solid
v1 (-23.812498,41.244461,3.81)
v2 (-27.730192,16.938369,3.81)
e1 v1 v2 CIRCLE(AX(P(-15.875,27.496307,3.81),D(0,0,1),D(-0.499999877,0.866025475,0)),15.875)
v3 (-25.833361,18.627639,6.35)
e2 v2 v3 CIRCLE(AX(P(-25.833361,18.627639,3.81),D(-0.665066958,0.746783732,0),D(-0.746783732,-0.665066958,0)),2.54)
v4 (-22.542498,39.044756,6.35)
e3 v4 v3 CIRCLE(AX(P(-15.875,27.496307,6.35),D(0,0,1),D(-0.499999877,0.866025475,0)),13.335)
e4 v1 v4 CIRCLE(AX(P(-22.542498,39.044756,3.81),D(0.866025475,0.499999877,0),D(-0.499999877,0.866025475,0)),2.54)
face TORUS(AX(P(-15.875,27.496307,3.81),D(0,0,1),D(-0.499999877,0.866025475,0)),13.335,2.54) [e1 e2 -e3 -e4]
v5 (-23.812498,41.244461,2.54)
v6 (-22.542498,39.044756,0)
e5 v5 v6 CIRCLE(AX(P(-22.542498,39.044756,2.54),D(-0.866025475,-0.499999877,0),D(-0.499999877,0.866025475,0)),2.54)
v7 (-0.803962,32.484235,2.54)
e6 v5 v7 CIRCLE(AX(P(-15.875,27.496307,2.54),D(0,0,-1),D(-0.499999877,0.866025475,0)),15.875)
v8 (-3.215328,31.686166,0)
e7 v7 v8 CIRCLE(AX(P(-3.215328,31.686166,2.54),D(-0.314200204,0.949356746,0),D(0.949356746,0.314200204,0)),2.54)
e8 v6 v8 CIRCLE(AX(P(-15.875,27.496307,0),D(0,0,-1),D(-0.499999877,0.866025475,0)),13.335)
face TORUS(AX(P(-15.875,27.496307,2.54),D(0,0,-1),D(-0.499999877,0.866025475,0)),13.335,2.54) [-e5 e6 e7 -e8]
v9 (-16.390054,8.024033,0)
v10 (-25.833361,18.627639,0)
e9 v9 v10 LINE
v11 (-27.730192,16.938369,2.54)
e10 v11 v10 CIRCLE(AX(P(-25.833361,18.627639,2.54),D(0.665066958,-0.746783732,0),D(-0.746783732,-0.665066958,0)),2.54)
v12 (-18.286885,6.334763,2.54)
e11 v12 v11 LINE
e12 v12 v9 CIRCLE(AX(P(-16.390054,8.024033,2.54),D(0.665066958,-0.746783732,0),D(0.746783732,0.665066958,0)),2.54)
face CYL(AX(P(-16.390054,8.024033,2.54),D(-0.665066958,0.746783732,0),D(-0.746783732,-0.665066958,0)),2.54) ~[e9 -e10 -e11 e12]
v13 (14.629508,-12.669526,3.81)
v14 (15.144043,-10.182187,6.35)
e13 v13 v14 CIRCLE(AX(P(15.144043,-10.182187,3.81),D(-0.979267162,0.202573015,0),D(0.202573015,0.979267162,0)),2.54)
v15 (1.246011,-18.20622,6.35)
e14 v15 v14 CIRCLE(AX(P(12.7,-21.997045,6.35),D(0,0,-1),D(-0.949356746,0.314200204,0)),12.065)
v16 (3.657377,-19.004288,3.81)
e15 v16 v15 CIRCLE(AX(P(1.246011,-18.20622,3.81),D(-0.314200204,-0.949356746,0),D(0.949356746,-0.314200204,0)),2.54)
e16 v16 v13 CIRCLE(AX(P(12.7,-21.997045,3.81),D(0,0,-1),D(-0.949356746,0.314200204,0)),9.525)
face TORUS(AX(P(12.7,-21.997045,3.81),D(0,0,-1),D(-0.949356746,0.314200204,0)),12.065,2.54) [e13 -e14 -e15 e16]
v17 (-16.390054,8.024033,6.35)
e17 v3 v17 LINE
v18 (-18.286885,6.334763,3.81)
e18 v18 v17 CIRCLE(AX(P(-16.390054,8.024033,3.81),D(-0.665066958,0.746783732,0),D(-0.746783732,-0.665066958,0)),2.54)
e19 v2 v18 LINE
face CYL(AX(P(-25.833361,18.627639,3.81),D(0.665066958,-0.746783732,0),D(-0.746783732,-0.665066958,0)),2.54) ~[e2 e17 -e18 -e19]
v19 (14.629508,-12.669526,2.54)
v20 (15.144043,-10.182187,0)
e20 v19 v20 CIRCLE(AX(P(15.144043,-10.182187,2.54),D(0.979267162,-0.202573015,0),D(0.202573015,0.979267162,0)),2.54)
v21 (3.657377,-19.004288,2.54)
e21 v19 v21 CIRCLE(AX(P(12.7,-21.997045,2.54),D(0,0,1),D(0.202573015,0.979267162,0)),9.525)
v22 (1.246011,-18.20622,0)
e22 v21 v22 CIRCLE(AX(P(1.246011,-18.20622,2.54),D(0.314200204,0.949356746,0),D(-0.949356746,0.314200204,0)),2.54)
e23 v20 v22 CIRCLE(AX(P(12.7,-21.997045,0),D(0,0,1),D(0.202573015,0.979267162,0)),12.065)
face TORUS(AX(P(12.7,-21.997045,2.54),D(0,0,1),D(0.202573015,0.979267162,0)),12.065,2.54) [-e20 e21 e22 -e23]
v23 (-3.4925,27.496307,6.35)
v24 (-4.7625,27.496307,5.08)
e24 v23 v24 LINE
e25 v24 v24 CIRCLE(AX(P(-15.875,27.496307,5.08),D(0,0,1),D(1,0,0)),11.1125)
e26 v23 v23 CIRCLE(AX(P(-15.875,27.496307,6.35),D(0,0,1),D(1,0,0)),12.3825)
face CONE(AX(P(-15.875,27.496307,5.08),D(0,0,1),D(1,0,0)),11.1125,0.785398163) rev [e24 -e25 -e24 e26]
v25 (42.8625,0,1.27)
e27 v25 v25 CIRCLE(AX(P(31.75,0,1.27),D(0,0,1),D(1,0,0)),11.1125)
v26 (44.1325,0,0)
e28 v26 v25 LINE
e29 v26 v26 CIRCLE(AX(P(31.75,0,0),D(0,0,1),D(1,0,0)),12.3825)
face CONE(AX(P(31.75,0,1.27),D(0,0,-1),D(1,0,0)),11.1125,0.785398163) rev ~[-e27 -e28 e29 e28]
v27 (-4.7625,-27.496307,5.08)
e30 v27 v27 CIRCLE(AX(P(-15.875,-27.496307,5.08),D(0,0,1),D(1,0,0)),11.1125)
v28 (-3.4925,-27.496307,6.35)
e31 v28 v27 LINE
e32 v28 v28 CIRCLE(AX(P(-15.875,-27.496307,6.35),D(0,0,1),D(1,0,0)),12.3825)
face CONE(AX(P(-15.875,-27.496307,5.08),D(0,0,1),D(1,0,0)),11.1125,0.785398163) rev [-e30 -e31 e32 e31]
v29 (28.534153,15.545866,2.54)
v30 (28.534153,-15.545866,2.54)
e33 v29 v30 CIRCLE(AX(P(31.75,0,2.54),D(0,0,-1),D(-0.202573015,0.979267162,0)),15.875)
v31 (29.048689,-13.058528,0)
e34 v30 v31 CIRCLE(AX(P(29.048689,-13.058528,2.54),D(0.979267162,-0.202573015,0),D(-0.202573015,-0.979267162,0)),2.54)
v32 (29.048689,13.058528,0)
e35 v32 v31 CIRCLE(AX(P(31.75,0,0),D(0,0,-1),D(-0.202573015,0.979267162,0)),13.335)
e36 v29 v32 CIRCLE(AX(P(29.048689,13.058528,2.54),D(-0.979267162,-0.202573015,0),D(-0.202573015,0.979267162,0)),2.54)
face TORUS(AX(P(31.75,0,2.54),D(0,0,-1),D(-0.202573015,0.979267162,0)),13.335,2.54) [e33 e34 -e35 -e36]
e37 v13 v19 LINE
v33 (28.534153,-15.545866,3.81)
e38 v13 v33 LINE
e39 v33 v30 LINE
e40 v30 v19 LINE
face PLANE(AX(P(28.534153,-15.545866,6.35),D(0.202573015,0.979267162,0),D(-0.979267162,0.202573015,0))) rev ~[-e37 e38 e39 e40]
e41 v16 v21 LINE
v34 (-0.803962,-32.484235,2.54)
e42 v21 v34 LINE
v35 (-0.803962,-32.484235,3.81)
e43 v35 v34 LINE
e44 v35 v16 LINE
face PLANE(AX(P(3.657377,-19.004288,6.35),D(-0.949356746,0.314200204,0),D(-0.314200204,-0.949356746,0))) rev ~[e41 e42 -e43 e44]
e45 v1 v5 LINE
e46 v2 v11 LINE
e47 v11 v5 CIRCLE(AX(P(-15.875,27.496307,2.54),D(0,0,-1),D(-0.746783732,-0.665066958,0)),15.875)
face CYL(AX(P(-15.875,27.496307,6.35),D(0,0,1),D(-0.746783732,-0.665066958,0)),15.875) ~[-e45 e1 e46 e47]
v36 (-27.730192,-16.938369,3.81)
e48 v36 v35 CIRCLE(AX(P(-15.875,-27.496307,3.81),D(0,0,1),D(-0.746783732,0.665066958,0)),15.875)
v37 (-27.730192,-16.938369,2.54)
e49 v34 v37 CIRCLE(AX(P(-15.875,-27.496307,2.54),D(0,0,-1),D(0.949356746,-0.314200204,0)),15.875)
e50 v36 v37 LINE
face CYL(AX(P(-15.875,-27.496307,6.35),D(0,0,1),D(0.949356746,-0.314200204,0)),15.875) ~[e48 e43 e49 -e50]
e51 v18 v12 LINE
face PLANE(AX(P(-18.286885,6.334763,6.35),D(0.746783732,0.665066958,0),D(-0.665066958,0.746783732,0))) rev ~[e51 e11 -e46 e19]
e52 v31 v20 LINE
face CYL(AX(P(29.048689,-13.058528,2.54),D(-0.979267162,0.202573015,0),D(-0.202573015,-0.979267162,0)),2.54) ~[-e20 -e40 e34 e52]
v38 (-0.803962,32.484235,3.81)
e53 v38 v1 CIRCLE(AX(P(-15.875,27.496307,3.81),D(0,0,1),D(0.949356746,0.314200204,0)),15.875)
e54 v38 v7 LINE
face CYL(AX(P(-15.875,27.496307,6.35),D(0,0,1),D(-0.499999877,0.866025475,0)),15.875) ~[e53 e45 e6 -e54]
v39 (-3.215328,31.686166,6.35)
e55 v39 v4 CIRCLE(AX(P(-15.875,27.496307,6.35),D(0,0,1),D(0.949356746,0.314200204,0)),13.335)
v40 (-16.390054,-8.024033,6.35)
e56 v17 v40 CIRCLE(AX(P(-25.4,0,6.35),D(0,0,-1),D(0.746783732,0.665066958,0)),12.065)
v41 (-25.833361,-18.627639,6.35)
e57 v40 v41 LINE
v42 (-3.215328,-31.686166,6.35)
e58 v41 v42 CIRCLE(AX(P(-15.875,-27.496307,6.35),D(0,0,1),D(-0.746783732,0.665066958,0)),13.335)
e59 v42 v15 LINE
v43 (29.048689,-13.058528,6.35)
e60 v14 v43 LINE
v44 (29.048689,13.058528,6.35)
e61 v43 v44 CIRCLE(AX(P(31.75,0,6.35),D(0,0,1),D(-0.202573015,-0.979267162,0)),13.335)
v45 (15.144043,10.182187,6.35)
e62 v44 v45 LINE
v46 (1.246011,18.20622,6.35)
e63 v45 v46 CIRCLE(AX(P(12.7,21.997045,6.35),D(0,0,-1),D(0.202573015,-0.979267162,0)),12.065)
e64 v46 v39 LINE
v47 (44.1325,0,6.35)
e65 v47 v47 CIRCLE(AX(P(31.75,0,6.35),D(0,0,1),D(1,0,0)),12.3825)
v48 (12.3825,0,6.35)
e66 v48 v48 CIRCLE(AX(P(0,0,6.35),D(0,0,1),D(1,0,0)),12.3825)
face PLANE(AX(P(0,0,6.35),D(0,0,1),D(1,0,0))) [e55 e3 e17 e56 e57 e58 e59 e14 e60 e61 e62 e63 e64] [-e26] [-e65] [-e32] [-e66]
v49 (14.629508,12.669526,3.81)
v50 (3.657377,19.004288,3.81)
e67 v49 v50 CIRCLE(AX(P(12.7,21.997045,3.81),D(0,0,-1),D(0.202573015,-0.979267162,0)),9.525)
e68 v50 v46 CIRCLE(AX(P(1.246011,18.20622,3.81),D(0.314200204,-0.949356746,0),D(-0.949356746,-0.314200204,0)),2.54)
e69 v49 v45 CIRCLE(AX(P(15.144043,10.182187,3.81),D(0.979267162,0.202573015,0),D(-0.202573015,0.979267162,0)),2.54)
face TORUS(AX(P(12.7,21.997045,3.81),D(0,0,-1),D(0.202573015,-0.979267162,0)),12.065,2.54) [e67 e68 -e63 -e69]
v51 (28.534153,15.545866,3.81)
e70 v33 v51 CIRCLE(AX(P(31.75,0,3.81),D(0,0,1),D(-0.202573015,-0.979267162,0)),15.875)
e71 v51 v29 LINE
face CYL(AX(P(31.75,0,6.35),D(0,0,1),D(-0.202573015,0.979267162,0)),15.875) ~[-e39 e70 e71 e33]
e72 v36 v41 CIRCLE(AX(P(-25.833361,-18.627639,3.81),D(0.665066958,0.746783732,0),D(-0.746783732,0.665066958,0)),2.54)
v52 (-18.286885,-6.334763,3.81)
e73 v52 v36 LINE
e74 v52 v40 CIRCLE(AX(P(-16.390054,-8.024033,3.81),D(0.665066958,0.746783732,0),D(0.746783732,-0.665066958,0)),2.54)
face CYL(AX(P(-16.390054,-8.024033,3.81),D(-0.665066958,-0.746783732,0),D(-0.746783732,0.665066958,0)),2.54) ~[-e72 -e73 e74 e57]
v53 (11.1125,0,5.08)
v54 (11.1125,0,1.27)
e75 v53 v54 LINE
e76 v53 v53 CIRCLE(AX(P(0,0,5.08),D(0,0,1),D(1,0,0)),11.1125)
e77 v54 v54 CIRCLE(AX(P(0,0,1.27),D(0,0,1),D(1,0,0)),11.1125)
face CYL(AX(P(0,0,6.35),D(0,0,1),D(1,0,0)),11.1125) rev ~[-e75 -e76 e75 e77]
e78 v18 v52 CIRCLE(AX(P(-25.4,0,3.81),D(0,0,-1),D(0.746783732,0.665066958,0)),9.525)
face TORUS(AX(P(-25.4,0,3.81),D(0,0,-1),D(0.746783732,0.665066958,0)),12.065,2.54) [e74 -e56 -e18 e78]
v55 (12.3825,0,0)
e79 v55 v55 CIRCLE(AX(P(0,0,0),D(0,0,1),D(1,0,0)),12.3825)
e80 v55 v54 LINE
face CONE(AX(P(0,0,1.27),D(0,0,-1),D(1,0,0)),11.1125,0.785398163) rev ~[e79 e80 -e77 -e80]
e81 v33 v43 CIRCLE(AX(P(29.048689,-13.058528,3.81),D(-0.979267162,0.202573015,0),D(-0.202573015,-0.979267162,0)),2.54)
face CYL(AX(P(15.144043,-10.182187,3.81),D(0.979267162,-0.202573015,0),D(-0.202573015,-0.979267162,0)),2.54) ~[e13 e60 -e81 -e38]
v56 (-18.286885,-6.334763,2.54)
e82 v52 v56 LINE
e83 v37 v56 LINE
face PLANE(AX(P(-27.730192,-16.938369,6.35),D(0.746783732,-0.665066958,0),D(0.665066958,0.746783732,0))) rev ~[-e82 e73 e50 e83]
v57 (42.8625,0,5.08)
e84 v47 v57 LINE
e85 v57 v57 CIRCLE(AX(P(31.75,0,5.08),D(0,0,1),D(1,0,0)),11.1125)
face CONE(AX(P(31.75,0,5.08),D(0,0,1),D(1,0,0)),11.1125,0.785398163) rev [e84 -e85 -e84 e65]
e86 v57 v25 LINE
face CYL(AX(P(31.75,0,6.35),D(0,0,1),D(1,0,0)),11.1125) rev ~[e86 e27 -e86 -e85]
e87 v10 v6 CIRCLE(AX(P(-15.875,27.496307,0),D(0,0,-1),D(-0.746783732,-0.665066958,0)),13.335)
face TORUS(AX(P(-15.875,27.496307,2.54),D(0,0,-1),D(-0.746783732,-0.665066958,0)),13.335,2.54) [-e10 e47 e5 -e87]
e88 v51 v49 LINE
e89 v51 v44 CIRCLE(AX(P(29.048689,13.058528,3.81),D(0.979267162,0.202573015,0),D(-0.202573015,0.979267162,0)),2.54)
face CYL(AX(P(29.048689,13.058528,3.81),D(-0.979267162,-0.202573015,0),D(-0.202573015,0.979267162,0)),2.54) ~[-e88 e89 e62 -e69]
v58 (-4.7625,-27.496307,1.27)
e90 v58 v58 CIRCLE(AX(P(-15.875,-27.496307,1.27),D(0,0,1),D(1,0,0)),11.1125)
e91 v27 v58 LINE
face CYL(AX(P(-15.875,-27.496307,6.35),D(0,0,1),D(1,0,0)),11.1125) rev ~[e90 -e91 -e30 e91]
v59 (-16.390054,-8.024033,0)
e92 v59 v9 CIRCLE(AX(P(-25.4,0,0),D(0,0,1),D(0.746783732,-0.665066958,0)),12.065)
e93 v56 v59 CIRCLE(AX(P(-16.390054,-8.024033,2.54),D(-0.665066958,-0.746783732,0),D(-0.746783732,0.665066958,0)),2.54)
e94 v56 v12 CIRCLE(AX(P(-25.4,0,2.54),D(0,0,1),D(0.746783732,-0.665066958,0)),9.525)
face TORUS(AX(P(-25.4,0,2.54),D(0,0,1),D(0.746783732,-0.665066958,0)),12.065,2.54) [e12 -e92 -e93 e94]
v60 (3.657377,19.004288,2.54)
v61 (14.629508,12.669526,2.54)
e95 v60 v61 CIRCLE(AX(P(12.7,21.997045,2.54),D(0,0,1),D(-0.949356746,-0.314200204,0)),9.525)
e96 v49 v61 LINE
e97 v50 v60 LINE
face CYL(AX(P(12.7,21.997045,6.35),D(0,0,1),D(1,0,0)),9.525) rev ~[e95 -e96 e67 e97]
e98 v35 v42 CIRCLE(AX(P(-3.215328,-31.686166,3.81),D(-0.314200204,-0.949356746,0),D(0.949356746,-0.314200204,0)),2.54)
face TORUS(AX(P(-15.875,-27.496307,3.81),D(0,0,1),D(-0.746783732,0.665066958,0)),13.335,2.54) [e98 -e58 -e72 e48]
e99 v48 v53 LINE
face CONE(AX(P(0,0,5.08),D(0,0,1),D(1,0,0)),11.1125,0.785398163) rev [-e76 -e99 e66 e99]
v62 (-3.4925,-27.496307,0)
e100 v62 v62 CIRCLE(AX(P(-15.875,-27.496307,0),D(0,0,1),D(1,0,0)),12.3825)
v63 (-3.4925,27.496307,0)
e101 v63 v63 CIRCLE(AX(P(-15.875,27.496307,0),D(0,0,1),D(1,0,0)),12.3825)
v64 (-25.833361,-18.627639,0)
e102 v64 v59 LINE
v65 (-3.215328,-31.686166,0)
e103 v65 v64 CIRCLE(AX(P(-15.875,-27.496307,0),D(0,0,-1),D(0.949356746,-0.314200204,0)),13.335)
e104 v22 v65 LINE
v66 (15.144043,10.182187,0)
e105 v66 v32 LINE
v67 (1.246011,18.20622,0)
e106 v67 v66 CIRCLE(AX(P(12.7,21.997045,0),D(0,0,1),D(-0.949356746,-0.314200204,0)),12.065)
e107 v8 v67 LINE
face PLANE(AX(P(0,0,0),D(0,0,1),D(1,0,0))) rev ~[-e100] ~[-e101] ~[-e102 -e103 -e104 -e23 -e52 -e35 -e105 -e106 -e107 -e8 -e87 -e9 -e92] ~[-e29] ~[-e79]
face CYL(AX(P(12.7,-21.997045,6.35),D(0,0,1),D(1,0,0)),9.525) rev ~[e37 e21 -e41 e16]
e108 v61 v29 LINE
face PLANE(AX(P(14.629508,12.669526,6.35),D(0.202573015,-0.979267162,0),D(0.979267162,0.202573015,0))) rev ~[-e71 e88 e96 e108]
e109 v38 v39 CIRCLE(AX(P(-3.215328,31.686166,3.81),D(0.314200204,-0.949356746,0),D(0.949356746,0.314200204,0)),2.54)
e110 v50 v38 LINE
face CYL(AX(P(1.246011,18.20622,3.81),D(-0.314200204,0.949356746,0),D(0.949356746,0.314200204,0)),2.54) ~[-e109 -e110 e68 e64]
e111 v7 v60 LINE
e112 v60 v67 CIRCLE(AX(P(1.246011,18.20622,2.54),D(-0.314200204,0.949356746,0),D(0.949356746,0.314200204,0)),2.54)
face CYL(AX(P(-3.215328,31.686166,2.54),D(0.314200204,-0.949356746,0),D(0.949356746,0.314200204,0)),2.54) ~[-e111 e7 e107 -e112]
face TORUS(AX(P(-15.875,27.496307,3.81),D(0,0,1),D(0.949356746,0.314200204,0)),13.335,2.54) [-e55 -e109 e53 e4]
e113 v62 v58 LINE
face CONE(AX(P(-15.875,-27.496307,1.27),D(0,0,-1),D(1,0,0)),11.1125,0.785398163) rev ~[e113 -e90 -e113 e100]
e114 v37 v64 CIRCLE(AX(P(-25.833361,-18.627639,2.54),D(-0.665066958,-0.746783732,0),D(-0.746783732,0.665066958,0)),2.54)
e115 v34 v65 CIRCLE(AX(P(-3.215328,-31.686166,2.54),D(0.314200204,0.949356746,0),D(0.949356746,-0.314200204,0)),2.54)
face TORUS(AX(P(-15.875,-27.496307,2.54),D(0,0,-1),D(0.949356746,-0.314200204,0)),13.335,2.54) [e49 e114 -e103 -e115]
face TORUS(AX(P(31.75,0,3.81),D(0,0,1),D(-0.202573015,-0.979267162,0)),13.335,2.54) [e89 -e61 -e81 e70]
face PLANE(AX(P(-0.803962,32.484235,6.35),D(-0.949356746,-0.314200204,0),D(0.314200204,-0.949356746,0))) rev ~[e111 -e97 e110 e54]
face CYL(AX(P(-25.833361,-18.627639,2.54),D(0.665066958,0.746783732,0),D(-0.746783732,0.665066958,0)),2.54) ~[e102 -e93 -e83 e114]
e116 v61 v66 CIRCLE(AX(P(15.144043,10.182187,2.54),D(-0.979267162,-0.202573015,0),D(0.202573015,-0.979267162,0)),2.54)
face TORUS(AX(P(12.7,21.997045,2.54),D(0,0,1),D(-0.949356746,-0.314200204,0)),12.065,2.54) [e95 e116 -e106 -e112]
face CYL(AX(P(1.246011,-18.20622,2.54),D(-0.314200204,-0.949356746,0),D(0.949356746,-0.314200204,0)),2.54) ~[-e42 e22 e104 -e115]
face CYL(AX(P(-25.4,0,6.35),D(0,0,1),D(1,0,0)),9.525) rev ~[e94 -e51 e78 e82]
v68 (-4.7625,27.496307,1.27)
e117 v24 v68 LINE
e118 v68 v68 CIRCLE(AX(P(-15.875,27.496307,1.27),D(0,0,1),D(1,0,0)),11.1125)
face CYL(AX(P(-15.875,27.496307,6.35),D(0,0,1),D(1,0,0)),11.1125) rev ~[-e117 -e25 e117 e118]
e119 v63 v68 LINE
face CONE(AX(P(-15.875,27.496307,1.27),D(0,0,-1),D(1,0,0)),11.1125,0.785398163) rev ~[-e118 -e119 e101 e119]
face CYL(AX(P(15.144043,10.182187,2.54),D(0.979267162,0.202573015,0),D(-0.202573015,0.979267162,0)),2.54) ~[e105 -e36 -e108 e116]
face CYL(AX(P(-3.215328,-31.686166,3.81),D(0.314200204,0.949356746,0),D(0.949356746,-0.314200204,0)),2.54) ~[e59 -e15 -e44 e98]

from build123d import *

# Parameters (mm, degrees)
F0_R     = 47.625
F1_DEPTH = 6.35
F2_R     = 11.1125
F3_DEPTH = 6.351
F4_R     = 9.525
F5_DEPTH = 6.351
F6_R     = 56.6626393047
F7_DEPTH = 6.351
F8_R     = 2.54
F9_SIZE  = 1.27


with BuildPart() as f1:
    # F0 (on Top) → F1 (new body)
    with BuildSketch(Plane.XY):
        Circle(F0_R)
    extrude(amount=F1_DEPTH)

    # F2 (on face) → F3 (cut, through all)
    with BuildSketch(Plane.XY.offset(6.35)):
        with Locations((-15.875, -27.4963065702)):
            Circle(F2_R)
        Circle(F2_R)
        with Locations((31.75, 0)):
            Circle(F2_R)
        with Locations((-15.875, 27.4963065702)):
            Circle(F2_R)
    extrude(amount=-F3_DEPTH, mode=Mode.SUBTRACT)

    # F4 (on face) → F5 (cut, through all)
    with BuildSketch(Plane.XY.offset(6.35)):
        with Locations((12.7, 21.9970452561)):
            Circle(F4_R)
        with Locations((-25.4, 0)):
            Circle(F4_R)
        with Locations((12.7, -21.9970452561)):
            Circle(F4_R)
    extrude(amount=-F5_DEPTH, mode=Mode.SUBTRACT)

    # F6 (on face) → F7 (cut, through all)
    with BuildSketch(Plane.XY.offset(6.35)):
        Circle(F6_R)
        with BuildLine():
            ThreePointArc((-23.8124980446, 41.2444609842), (23.8125009777, 41.2444592907), (47.625, 0))
            ThreePointArc((47.625, 0), (23.8125012223, -41.2444591495), (-23.8124975554, -41.2444612666))
            ThreePointArc((-23.8124975554, -41.2444612666), (-47.625, -2.824e-07), (-23.8124980446, 41.2444609842))
        make_face(mode=Mode.SUBTRACT)
        with BuildLine():
            ThreePointArc((-27.7301917406, 16.9383686184), (-31.5477206878, 30.0224600182), (-23.8124980446, 41.2444609842))
            ThreePointArc((-23.8124980446, 41.2444609842), (-47.625, -2.824e-07), (-23.8124975554, -41.2444612666))
            ThreePointArc((-23.8124975554, -41.2444612666), (-31.5477206428, -30.022460297), (-27.7301917406, -16.9383686184))
            Line((-27.7301917406, -16.9383686184), (-18.2868849556, -6.3347627711))
            ThreePointArc((-18.2868849556, -6.3347627711), (-34.925, 0), (-18.2868849556, 6.3347627711))
            Line((-18.2868849556, 6.3347627711), (-27.7301917406, 16.9383686184))
        make_face()
        with BuildLine():
            ThreePointArc((47.625, 0), (41.7740725283, -12.3098982509), (28.5341533925, -15.54586619))
            Line((28.5341533925, -15.54586619), (14.6295079645, -12.6695255421))
            ThreePointArc((14.6295079645, -12.6695255421), (20.0859389505, -15.9826017391), (22.225, -21.9970452561))
            ThreePointArc((22.225, -21.9970452561), (11.1843085999, -31.4006777766), (3.6573769911, -19.0042883132))
            Line((3.6573769911, -19.0042883132), (-0.8039616519, -32.4842348084))
            ThreePointArc((-0.8039616519, -32.4842348084), (-10.2263503419, -42.3323566523), (-23.8124975554, -41.2444612666))
            ThreePointArc((-23.8124975554, -41.2444612666), (23.8125012223, -41.2444591495), (47.625, 0))
        make_face()
        with BuildLine():
            ThreePointArc((28.5341533925, 15.54586619), (41.7740725283, 12.3098982509), (47.625, 0))
            ThreePointArc((47.625, 0), (23.8125009777, 41.2444592907), (-23.8124980446, 41.2444609842))
            ThreePointArc((-23.8124980446, 41.2444609842), (-10.2263506058, 42.3323567528), (-0.8039616519, 32.4842348084))
            Line((-0.8039616519, 32.4842348084), (3.6573769911, 19.0042883132))
            ThreePointArc((3.6573769911, 19.0042883132), (11.1843085999, 31.4006777766), (22.225, 21.9970452561))
            ThreePointArc((22.225, 21.9970452561), (20.0859389505, 15.9826017391), (14.6295079645, 12.6695255421))
            Line((14.6295079645, 12.6695255421), (28.5341533925, 15.54586619))
        make_face()
    extrude(amount=-F7_DEPTH, mode=Mode.SUBTRACT)

    # F8
    f8_edges = [f1.edges().sort_by_distance(p)[0] for p in [
        (-23.8125, -41.24446, 6.35),
        (1.426708, -25.744262, 6.35),
        (7.9375, -13.748153, 0),
    ]]
    fillet(f8_edges, radius=F8_R)

    # F9
    f9_edges = [f1.edges().sort_by_distance(p)[0] for p in [
        (-26.9875, -27.496307, 6.35),
        (-26.9875, -27.496307, 0),
        (-11.1125, 0, 0),
        (-11.1125, 0, 6.35),
        (-26.9875, 27.496307, 0),
        (-26.9875, 27.496307, 6.35),
        (20.6375, 0, 0),
        (20.6375, 0, 6.35),
    ]]
    chamfer(f9_edges, length=F9_SIZE)


with BuildPart() as f10_1:
    # F10: copy of F1
    add(f1.part.moved(Location((76.2, 0, 0))))


solid = f1.part
